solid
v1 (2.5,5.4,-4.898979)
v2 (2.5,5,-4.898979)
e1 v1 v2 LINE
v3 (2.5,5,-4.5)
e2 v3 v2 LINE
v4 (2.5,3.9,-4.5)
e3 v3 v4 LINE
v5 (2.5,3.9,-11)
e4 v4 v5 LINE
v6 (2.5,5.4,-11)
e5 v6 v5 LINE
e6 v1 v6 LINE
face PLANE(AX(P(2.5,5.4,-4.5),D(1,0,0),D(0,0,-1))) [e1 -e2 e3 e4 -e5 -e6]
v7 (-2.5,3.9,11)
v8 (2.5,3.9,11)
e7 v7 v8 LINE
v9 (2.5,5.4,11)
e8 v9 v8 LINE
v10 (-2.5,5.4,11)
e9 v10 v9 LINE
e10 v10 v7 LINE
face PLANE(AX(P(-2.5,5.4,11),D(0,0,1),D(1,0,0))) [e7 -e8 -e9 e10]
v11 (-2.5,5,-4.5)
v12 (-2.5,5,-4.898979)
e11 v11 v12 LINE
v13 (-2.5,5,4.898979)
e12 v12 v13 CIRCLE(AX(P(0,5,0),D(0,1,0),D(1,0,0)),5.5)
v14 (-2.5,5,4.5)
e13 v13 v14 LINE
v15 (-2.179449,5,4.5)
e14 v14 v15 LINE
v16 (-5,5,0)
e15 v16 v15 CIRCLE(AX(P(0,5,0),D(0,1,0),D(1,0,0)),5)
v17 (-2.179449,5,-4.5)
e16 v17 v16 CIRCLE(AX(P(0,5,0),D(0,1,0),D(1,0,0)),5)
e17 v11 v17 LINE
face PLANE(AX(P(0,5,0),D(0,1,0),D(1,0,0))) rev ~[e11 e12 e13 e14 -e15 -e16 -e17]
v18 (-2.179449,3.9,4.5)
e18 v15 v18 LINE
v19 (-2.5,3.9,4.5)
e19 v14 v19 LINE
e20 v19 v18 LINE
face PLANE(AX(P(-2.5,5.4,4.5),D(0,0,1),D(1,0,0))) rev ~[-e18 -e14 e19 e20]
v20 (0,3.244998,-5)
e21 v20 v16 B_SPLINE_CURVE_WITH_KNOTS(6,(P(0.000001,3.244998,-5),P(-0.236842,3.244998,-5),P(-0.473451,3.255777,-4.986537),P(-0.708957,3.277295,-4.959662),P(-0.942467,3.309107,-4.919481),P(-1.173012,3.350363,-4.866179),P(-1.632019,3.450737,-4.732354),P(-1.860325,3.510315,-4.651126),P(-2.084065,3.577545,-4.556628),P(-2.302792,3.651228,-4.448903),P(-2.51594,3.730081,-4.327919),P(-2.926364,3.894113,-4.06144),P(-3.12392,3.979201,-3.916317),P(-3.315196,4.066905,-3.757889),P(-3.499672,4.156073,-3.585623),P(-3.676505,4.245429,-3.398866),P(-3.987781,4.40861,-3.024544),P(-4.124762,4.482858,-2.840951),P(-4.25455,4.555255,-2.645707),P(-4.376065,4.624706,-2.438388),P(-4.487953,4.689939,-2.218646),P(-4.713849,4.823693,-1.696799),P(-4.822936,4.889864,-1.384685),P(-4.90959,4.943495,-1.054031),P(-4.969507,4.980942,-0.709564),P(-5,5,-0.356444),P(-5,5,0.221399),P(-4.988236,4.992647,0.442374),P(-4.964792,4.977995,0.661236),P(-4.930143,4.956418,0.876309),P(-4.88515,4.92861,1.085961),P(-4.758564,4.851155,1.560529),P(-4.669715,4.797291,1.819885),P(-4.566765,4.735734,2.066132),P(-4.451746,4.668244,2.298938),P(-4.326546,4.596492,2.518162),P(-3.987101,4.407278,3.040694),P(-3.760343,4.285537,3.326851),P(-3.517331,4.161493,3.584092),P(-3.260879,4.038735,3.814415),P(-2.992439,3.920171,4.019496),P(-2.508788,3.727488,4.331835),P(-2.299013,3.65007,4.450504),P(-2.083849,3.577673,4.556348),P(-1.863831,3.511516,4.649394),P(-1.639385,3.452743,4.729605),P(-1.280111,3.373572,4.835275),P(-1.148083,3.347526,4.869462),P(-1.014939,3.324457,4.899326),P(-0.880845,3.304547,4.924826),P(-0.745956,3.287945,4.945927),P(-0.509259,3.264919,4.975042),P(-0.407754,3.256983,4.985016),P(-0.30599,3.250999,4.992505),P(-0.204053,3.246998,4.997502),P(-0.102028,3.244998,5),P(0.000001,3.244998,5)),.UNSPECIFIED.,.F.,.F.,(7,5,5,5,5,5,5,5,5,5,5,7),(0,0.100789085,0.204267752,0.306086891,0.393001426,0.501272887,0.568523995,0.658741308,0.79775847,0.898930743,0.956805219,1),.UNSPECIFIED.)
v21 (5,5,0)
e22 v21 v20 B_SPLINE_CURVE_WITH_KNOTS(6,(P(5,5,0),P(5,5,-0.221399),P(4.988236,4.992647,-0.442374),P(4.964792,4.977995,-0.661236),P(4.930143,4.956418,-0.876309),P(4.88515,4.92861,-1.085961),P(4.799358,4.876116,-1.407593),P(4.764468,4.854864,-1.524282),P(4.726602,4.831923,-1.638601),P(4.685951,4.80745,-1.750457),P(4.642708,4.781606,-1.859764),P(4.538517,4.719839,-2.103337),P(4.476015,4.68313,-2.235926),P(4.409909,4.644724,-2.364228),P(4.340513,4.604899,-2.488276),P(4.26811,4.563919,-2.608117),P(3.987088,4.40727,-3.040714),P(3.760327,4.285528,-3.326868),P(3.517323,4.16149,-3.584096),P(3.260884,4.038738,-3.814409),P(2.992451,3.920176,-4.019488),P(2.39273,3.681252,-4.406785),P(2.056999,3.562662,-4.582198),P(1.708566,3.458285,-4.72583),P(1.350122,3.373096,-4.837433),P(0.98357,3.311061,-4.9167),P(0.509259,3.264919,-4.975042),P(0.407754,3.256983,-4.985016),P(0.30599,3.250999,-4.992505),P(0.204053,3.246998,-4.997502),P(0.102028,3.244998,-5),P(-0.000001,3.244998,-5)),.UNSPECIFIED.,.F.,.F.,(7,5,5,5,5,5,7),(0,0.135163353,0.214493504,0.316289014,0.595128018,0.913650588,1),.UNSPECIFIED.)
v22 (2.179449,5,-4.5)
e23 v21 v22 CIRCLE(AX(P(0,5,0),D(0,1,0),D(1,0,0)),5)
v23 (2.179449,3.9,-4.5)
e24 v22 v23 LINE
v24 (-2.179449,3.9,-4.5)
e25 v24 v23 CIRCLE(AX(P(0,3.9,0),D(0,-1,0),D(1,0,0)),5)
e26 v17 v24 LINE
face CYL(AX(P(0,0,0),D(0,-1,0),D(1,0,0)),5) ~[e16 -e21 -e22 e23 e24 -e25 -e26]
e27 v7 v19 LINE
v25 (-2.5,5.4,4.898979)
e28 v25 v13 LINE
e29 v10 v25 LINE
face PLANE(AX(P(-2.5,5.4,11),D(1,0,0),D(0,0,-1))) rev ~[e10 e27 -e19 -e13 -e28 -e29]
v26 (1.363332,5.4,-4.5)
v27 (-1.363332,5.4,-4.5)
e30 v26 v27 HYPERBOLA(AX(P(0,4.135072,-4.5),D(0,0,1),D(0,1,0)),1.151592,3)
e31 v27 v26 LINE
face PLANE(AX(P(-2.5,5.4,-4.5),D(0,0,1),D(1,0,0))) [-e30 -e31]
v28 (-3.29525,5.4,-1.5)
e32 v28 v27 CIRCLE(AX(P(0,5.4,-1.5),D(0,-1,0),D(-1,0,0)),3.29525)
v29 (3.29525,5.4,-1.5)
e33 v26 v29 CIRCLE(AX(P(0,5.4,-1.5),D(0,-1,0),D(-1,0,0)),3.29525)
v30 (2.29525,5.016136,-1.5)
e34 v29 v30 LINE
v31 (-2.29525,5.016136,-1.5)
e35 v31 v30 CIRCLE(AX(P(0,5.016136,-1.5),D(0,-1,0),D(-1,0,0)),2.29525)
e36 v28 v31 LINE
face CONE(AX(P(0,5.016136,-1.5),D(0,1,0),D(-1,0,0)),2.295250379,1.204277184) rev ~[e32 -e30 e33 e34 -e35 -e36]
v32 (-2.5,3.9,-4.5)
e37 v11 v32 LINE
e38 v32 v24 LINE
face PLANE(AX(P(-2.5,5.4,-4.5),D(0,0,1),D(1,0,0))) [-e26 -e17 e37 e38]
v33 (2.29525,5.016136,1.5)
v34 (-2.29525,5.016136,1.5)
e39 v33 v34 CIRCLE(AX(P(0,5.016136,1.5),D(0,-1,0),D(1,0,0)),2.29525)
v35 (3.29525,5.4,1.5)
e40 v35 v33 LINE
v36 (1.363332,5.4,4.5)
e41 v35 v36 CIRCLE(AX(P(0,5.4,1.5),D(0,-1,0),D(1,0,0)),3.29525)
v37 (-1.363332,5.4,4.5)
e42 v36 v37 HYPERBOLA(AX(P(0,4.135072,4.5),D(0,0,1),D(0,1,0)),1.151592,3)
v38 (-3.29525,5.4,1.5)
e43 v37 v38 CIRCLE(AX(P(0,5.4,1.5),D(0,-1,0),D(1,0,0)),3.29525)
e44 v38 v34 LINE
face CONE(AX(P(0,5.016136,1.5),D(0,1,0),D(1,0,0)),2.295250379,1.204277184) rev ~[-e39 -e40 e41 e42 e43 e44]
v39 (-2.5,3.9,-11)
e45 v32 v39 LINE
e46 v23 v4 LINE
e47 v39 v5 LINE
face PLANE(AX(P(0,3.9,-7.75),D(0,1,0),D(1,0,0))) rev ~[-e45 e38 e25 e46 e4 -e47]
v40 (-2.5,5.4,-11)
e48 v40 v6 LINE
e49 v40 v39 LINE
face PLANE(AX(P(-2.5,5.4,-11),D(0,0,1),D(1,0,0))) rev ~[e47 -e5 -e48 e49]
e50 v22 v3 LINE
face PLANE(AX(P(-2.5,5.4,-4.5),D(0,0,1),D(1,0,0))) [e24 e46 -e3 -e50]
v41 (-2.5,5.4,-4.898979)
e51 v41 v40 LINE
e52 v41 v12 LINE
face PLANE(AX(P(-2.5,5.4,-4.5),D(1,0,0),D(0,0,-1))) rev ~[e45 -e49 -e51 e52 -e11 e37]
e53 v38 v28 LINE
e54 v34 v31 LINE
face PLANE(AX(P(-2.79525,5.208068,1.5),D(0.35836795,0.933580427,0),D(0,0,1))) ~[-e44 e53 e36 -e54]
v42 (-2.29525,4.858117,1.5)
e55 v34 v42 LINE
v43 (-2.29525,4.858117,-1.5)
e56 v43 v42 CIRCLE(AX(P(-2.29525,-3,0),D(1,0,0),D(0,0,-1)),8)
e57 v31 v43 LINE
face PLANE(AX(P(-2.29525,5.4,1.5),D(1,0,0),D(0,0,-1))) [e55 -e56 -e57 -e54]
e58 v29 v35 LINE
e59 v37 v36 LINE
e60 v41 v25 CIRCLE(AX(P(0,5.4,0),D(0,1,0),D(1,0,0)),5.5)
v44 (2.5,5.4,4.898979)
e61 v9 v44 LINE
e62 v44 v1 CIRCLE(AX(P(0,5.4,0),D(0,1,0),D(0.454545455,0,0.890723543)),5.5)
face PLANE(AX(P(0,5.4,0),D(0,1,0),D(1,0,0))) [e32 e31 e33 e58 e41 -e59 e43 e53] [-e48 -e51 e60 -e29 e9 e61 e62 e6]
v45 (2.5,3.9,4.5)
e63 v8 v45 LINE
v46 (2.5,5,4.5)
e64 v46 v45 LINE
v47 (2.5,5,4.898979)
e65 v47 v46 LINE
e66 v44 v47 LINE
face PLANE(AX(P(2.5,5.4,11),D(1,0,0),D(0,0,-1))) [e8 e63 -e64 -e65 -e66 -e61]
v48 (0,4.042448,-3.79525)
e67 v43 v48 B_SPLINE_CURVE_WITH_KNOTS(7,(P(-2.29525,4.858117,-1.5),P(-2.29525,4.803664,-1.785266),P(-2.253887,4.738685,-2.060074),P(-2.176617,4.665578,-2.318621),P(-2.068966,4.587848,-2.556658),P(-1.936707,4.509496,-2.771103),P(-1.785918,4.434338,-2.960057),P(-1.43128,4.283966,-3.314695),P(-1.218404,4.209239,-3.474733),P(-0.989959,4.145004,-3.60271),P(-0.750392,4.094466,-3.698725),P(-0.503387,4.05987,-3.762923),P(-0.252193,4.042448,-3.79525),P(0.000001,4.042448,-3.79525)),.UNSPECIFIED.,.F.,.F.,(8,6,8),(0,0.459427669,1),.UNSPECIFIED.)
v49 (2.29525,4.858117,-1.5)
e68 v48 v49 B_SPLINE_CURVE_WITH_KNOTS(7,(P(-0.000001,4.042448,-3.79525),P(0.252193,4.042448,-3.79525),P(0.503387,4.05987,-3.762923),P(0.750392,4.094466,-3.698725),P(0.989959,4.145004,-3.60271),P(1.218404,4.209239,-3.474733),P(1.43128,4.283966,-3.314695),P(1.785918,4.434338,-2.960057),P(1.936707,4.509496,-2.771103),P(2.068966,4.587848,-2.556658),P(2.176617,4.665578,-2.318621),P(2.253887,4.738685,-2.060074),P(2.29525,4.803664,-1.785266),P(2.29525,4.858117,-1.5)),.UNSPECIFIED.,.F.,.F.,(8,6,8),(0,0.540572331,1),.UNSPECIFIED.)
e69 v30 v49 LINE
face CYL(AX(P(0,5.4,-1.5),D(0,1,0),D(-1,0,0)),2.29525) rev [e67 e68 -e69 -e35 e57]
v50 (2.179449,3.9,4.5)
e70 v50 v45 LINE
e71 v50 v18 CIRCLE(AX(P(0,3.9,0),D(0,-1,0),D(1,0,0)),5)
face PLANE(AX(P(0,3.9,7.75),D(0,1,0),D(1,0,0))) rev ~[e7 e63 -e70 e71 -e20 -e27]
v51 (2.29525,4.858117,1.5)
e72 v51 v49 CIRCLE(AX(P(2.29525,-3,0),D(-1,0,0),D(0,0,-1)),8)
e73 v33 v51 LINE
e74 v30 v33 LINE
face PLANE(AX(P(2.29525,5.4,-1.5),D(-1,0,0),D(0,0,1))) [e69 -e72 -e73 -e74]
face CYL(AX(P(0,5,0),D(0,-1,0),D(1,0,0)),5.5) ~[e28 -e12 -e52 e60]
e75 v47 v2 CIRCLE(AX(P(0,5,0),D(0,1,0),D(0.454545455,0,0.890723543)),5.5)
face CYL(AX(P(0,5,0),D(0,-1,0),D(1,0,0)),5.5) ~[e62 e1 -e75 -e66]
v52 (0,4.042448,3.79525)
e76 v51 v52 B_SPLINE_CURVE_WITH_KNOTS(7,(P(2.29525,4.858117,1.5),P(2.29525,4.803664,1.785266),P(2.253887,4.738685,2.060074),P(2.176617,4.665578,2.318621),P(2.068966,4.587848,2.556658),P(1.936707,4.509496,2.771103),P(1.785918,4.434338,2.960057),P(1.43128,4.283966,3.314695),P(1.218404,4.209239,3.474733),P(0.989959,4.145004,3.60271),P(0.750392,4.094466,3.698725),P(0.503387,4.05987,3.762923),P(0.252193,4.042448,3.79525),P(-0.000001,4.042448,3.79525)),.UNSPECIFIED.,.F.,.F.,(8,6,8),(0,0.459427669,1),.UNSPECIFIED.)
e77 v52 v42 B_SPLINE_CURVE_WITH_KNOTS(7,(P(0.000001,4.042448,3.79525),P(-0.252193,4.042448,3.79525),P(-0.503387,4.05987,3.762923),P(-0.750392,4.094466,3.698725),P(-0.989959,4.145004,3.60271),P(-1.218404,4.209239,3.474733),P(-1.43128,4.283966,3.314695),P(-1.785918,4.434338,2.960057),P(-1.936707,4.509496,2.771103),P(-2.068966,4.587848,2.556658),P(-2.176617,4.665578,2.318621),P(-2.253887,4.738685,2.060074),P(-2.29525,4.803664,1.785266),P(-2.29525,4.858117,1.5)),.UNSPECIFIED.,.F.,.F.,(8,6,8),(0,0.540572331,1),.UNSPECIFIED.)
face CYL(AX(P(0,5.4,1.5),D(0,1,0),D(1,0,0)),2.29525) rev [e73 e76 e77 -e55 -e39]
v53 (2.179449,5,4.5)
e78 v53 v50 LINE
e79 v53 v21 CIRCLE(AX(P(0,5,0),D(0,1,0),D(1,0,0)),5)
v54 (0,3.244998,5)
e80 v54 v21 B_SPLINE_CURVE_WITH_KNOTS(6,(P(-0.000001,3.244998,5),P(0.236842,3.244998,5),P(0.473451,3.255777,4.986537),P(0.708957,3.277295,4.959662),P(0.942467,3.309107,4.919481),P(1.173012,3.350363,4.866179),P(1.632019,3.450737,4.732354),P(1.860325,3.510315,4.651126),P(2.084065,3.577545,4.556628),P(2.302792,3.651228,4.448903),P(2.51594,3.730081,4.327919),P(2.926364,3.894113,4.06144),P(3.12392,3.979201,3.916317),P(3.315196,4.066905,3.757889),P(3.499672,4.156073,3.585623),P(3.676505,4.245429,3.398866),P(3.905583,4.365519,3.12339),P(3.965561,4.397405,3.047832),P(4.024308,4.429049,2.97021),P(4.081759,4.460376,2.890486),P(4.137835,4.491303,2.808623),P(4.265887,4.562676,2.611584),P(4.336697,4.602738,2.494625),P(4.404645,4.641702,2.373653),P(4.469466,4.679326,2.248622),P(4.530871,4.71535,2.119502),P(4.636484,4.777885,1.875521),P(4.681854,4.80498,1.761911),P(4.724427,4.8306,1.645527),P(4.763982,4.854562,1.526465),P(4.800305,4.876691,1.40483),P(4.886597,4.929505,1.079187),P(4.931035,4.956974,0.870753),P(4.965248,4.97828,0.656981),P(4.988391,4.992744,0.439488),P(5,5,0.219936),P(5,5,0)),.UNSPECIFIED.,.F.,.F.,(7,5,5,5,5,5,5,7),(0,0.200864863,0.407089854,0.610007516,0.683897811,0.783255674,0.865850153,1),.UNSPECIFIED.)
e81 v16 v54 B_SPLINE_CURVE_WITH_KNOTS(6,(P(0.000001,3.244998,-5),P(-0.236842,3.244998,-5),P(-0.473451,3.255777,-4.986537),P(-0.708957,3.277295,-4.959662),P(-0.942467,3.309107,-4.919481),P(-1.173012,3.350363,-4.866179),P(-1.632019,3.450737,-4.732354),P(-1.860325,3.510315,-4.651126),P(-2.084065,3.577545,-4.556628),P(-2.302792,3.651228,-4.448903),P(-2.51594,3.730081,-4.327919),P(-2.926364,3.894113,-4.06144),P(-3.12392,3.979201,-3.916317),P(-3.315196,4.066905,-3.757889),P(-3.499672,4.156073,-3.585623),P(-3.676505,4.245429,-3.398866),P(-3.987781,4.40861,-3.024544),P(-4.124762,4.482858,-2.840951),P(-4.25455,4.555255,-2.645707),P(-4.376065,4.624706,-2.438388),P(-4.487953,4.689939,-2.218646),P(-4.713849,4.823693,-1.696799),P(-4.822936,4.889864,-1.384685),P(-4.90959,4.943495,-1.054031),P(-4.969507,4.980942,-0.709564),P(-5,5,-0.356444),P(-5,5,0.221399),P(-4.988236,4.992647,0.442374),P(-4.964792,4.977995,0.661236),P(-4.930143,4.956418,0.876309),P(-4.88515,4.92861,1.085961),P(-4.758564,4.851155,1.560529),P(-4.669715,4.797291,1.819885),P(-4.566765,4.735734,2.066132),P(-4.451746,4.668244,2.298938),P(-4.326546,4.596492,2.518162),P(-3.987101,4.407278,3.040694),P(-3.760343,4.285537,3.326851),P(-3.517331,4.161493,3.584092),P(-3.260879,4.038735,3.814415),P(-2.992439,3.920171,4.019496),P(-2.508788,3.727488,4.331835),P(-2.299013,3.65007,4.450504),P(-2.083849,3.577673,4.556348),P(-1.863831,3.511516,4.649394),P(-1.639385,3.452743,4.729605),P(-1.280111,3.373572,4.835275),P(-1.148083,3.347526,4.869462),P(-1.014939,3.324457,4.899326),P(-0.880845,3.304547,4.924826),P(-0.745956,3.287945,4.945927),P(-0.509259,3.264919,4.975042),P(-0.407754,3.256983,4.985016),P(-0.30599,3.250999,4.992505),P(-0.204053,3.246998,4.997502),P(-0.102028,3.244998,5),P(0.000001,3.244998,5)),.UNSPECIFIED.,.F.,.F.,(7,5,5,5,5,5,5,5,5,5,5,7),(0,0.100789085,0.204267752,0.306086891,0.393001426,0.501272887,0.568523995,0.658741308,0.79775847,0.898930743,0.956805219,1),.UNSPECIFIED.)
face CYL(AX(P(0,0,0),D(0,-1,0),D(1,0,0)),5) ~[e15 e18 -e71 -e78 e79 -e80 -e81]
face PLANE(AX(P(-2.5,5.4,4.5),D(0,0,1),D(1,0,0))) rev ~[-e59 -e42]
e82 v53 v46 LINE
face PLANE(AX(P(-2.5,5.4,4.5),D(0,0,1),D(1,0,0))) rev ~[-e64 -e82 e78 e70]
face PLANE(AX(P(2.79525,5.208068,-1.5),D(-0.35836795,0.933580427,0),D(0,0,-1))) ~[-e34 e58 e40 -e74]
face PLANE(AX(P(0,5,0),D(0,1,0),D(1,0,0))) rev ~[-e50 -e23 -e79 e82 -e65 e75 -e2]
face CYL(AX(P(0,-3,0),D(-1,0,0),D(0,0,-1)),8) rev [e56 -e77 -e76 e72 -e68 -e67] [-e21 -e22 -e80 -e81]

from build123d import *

# Parameters (mm, degrees)
SKETCH1_R               = 5
BOSS_EXTRUDE1_DEPTH     = 5
SKETCH2_R               = 5.5
BOSS_EXTRUDE2_DEPTH     = 0.4
CUT_EXTRUDE1_DEPTH      = 6.4
SKETCH5_R               = 8
CUT_EXTRUDE2_DEPTH      = 6.5
CUT_EXTRUDE2_DEPTH_BACK = 6.5
CHAMFER4_SIZE           = 1
CHAMFER4_SIZE2          = 0.383864035
SKETCH7_W               = 5
SKETCH7_H               = 6.5
BOSS_EXTRUDE4_DEPTH     = 1.5


with BuildPart() as part:
    # Sketch1 → Boss-Extrude1 (new body)
    with BuildSketch(Plane(origin=(0, 0, 0), x_dir=(1, 0, 0), z_dir=(0, 1, 0))):
        Circle(SKETCH1_R)
    extrude(amount=BOSS_EXTRUDE1_DEPTH)

    # Sketch2 → Boss-Extrude2 (add)
    with BuildSketch(Plane(origin=(0, 5, 0), x_dir=(1, 0, 0), z_dir=(0, 1, 0))):
        Circle(SKETCH2_R)
    extrude(amount=BOSS_EXTRUDE2_DEPTH)

    # Sketch4 → Cut-Extrude1 (cut, through all)
    with BuildSketch(Plane(origin=(0, 5.4, 0), x_dir=(1, 0, 0), z_dir=(0, 1, 0))):
        with BuildLine():
            Line((2.295250379, 1.5), (2.295250379, -1.5))
            ThreePointArc((2.295250379, -1.5), (0, -3.795250379), (-2.295250379, -1.5))
            Line((-2.295250379, -1.5), (-2.295250379, 1.5))
            ThreePointArc((-2.295250379, 1.5), (0, 3.795250379), (2.295250379, 1.5))
        make_face()
    extrude(amount=-CUT_EXTRUDE1_DEPTH, mode=Mode.SUBTRACT)

    # Sketch5 → Cut-Extrude2 (cut, two sides)
    with BuildSketch(Plane(origin=(0, 0, 0), x_dir=(0, 0, -1), z_dir=(1, 0, 0))) as cut_extrude2_sk:
        with Locations((0, -3)):
            Circle(SKETCH5_R)
    extrude(amount=CUT_EXTRUDE2_DEPTH, mode=Mode.SUBTRACT)
    extrude(cut_extrude2_sk.sketch, amount=-CUT_EXTRUDE2_DEPTH_BACK, mode=Mode.SUBTRACT)

    # Chamfer4
    chamfer4_edges = [part.edges().sort_by_distance(p)[0] for p in [
        (0, 5.4, -3.795250379),
        (-2.295250379, 5.4, 0),
        (0, 5.4, 3.795250379),
        (2.295250379, 5.4, 0),
    ]]
    chamfer4_side = [part.faces().sort_by_distance(p)[0] for p in [
        (-5.344436508, 5.4, 0),
    ]]
    chamfer(chamfer4_edges, length=CHAMFER4_SIZE, length2=CHAMFER4_SIZE2, reference=chamfer4_side[0])

    # Sketch7 → Boss-Extrude4 (add)
    with BuildSketch(Plane(origin=(0, 5.4, 0), x_dir=(1, 0, 0), z_dir=(0, 1, 0))):
        with Locations((0, 7.75)):
            Rectangle(SKETCH7_W, SKETCH7_H)
        with Locations((0, -7.75)):
            Rectangle(SKETCH7_W, SKETCH7_H)
    extrude(amount=-BOSS_EXTRUDE4_DEPTH)


solid = part.part
